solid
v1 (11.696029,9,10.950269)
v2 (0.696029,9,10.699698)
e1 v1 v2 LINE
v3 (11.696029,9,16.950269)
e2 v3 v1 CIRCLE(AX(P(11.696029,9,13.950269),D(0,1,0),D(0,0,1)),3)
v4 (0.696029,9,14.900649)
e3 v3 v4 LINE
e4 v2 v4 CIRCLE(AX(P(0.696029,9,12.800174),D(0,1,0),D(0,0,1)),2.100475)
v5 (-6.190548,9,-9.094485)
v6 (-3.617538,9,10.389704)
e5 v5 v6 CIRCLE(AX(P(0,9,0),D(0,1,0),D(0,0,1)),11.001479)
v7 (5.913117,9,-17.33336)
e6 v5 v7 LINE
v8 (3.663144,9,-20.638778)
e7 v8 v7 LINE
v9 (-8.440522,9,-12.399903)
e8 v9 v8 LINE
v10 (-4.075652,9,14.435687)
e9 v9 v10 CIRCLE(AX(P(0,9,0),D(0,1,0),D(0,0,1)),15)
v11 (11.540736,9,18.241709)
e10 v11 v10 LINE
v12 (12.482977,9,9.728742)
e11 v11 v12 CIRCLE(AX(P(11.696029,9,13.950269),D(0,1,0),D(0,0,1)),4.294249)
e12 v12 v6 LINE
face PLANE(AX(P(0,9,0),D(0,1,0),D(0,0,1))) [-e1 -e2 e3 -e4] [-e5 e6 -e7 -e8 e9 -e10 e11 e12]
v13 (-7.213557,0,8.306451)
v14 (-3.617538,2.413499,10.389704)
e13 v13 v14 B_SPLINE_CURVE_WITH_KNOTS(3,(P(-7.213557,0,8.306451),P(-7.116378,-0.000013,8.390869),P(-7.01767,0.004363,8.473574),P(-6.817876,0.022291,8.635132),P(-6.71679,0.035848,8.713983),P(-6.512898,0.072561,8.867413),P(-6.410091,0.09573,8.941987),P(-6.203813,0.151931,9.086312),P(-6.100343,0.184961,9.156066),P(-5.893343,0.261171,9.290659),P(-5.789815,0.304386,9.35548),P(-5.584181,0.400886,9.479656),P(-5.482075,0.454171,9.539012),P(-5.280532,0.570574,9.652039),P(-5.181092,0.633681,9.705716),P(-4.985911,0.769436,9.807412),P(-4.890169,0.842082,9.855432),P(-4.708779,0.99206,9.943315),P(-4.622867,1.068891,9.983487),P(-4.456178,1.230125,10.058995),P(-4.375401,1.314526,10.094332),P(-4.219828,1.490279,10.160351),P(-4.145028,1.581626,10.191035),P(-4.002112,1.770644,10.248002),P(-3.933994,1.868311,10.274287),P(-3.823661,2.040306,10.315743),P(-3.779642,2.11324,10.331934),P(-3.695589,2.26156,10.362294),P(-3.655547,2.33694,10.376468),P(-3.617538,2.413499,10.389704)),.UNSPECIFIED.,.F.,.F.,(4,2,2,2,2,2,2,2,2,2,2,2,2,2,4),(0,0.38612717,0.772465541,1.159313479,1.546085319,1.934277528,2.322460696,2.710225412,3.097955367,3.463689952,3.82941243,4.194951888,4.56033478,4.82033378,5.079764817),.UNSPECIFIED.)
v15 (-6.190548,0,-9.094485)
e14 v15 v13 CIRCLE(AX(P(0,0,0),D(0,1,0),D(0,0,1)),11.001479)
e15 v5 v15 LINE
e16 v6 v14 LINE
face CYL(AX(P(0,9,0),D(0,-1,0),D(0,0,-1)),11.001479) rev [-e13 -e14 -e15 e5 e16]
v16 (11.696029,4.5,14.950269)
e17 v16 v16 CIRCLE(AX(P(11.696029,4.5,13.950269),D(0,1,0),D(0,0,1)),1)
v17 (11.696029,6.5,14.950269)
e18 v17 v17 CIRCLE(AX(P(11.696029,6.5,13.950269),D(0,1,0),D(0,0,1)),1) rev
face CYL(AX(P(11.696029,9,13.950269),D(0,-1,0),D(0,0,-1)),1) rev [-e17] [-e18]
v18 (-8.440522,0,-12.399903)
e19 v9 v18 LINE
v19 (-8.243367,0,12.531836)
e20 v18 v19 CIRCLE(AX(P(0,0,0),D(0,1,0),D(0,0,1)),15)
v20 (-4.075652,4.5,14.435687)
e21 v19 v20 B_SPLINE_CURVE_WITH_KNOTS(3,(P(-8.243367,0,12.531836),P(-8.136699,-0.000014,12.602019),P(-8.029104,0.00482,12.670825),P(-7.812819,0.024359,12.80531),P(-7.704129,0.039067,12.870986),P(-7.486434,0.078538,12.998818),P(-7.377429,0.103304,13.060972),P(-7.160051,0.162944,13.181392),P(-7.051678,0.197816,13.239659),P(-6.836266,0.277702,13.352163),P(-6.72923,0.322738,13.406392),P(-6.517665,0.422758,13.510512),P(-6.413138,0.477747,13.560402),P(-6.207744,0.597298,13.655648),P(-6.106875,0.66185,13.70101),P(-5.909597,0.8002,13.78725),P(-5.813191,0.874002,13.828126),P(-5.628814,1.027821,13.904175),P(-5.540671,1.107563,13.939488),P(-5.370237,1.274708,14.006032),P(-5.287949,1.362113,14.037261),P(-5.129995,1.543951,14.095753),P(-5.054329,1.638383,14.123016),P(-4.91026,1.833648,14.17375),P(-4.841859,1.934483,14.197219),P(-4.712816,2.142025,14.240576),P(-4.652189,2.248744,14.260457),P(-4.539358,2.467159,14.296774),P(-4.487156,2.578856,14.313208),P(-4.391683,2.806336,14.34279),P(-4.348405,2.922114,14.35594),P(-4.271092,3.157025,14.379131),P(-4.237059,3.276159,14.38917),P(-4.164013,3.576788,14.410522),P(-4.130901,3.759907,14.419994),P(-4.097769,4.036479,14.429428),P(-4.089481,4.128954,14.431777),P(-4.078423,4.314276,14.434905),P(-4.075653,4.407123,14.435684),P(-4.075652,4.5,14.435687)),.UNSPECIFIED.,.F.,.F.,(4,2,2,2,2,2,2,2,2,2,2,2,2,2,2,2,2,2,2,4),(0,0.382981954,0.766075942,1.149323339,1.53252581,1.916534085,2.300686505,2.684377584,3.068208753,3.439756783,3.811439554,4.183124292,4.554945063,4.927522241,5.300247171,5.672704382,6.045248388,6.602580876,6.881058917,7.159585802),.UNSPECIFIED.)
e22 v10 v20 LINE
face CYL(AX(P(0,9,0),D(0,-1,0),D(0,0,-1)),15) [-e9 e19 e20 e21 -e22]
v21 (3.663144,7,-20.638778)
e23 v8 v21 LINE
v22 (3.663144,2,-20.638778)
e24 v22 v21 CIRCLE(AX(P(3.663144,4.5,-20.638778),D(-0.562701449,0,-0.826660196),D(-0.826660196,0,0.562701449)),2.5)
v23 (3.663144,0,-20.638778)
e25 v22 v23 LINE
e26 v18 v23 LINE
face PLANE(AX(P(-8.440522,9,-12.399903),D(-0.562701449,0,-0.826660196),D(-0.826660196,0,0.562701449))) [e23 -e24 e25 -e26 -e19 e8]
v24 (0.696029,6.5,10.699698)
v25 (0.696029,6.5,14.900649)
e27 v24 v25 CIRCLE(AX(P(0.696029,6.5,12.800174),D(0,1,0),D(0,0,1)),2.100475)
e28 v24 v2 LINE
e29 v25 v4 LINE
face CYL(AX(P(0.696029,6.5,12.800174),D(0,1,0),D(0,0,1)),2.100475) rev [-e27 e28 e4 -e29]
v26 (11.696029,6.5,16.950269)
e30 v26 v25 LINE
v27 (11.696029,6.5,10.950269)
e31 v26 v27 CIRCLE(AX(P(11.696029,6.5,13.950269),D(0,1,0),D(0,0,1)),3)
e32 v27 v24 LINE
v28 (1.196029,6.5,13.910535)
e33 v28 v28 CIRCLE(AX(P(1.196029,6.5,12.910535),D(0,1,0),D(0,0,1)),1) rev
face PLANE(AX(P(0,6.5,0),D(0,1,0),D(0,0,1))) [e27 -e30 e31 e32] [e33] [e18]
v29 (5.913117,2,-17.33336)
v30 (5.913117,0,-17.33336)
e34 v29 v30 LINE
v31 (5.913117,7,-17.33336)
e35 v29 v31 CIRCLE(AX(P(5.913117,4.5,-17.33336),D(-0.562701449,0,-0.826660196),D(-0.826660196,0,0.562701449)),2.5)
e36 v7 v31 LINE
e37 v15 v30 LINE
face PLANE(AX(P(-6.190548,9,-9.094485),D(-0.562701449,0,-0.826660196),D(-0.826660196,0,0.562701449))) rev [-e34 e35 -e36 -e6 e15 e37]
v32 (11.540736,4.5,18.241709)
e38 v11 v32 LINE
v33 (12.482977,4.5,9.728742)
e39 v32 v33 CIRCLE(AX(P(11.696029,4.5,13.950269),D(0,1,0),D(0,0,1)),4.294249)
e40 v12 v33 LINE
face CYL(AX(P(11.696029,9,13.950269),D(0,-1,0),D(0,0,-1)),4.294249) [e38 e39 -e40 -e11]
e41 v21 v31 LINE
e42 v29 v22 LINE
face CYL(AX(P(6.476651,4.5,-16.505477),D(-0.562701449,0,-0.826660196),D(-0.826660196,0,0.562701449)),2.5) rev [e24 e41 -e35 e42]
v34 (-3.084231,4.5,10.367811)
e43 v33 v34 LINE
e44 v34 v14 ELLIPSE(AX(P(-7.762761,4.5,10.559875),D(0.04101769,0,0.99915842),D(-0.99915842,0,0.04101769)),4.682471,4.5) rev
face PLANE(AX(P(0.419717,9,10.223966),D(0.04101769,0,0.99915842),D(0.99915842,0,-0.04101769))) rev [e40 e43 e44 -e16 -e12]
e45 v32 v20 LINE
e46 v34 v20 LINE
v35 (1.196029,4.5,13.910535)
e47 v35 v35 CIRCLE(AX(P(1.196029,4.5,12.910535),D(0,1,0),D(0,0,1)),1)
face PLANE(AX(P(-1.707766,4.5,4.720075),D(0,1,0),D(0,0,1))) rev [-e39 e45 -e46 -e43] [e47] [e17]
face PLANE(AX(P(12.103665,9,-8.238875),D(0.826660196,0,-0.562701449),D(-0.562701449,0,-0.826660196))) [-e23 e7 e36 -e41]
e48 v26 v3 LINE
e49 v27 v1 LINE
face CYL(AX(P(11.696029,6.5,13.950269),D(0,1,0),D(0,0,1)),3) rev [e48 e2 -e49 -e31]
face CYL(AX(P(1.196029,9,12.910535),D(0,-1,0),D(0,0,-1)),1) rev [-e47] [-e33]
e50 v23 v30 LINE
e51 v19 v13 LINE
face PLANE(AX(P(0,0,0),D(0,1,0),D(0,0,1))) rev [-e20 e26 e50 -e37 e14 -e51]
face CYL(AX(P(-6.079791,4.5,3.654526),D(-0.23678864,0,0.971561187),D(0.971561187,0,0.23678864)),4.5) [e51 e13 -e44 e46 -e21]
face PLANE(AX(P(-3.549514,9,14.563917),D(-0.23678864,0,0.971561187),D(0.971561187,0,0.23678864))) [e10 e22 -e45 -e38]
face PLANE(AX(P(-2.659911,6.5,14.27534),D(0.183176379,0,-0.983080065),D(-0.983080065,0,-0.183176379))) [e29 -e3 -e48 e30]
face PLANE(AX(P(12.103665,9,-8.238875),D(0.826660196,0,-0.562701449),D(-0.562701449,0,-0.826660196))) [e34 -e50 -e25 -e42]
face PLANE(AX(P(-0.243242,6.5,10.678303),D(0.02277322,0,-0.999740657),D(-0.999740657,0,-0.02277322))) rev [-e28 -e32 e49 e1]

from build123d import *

# Parameters (mm, degrees)
SKETCH_1_R          = 1
EXTRUDE_2_DEPTH     = 9
SKETCH_4_R          = 1
CUT_EXTRUDE_3_DEPTH = 2.5
SKETCH_5_R          = 2.5
CUT_EXTRUDE_4_DEPTH = 5
CUT_EXTRUDE_5_DEPTH = 10


with BuildPart() as part:
    # 草图1 → 凸台-拉伸2 (new body)
    with BuildSketch(Plane(origin=(0, 0, 0), x_dir=(1, 0, 0), z_dir=(0, 1, 0))):
        with BuildLine():
            Line((3.663143512, 20.638777874), (-8.440521732, 12.399902939))
            ThreePointArc((-8.440521732, 12.399902939), (-14.805433948, -2.408137375), (-4.07565223, -14.435686991))
            Line((-4.07565223, -14.435686991), (-3.023376015, -14.692147477))
            Line((-3.023376015, -14.692147477), (11.540736309, -18.241709146))
            ThreePointArc((11.540736309, -18.241709146), (15.964213302, -14.422684135), (12.48297659, -9.728742113))
            Line((12.48297659, -9.728742113), (-3.617537803, -10.389704275))
            ThreePointArc((-3.617537803, -10.389704275), (-10.906788746, -1.440310357), (-6.190548031, 9.094484579))
            Line((-6.190548031, 9.094484579), (5.913117212, 17.333359514))
            Line((5.913117212, 17.333359514), (3.663143512, 20.638777874))
        make_face()
        with Locations(Location((1.196028789, -12.910534794, 0), (0, 0, 270))):
            Circle(SKETCH_1_R, mode=Mode.SUBTRACT)
        with Locations(Location((11.696028789, -13.950268893, 0), (0, 0, 270))):
            Circle(SKETCH_1_R, mode=Mode.SUBTRACT)
    extrude(amount=EXTRUDE_2_DEPTH)

    # 草图4 → 切除-拉伸3 (cut)
    with BuildSketch(Plane(origin=(0, 9, 0), x_dir=(1, 0, 0), z_dir=(0, 1, 0))):
        with BuildLine():
            ThreePointArc((11.696028789, -16.950268893), (14.696028789, -13.950268893), (11.696028789, -10.950268893))
            Line((11.696028789, -10.950268893), (0.791673154, -10.701877185))
            Line((0.791673154, -10.701877185), (0.696028789, -10.69969849))
            ThreePointArc((0.696028789, -10.69969849), (-1.404446611, -12.80017389), (0.696028789, -14.90064929))
            Line((0.696028789, -14.90064929), (11.696028789, -16.950268893))
        make_face()
        with Locations(Location((1.196028789, -12.910534794, 0), (0, 0, 270))):
            Circle(SKETCH_4_R, mode=Mode.SUBTRACT)
        with Locations(Location((11.696028789, -13.950268893, 0), (0, 0, 270))):
            Circle(SKETCH_4_R, mode=Mode.SUBTRACT)
    extrude(amount=-CUT_EXTRUDE_3_DEPTH, mode=Mode.SUBTRACT)

    # 草图5 → 切除-拉伸4 (cut)
    with BuildSketch(Plane(origin=(-8.440521732, 0, -12.399902939), x_dir=(-0.8266601959267582, 0, 0.5627014487899723), z_dir=(-0.5627014487899723, 0, -0.8266601959267582))):
        with Locations((-14.641645144, 4.5)):
            Circle(SKETCH_5_R)
    extrude(amount=-CUT_EXTRUDE_4_DEPTH, mode=Mode.SUBTRACT)

    # 草图6 → 切除-拉伸5 (cut)
    with BuildSketch(Plane(origin=(-3.549514122, 0, 14.563917234), x_dir=(0.9715611869561729, 0, 0.23678863993087312), z_dir=(-0.23678863993087312, 0, 0.9715611869561729))):
        with BuildLine():
            Line((-0.541538829, 4.5), (18.960921895, 4.5))
            Line((18.960921895, 4.5), (18.960921895, 0))
            Line((18.960921895, 0), (-0.541538829, 0))
            Line((-0.541538829, 0), (-5.041538829, 0))
            ThreePointArc((-5.041538829, 0), (-1.859558314, 1.318019485), (-0.541538829, 4.5))
        make_face()
    extrude(amount=-CUT_EXTRUDE_5_DEPTH, mode=Mode.SUBTRACT)


solid = part.part
